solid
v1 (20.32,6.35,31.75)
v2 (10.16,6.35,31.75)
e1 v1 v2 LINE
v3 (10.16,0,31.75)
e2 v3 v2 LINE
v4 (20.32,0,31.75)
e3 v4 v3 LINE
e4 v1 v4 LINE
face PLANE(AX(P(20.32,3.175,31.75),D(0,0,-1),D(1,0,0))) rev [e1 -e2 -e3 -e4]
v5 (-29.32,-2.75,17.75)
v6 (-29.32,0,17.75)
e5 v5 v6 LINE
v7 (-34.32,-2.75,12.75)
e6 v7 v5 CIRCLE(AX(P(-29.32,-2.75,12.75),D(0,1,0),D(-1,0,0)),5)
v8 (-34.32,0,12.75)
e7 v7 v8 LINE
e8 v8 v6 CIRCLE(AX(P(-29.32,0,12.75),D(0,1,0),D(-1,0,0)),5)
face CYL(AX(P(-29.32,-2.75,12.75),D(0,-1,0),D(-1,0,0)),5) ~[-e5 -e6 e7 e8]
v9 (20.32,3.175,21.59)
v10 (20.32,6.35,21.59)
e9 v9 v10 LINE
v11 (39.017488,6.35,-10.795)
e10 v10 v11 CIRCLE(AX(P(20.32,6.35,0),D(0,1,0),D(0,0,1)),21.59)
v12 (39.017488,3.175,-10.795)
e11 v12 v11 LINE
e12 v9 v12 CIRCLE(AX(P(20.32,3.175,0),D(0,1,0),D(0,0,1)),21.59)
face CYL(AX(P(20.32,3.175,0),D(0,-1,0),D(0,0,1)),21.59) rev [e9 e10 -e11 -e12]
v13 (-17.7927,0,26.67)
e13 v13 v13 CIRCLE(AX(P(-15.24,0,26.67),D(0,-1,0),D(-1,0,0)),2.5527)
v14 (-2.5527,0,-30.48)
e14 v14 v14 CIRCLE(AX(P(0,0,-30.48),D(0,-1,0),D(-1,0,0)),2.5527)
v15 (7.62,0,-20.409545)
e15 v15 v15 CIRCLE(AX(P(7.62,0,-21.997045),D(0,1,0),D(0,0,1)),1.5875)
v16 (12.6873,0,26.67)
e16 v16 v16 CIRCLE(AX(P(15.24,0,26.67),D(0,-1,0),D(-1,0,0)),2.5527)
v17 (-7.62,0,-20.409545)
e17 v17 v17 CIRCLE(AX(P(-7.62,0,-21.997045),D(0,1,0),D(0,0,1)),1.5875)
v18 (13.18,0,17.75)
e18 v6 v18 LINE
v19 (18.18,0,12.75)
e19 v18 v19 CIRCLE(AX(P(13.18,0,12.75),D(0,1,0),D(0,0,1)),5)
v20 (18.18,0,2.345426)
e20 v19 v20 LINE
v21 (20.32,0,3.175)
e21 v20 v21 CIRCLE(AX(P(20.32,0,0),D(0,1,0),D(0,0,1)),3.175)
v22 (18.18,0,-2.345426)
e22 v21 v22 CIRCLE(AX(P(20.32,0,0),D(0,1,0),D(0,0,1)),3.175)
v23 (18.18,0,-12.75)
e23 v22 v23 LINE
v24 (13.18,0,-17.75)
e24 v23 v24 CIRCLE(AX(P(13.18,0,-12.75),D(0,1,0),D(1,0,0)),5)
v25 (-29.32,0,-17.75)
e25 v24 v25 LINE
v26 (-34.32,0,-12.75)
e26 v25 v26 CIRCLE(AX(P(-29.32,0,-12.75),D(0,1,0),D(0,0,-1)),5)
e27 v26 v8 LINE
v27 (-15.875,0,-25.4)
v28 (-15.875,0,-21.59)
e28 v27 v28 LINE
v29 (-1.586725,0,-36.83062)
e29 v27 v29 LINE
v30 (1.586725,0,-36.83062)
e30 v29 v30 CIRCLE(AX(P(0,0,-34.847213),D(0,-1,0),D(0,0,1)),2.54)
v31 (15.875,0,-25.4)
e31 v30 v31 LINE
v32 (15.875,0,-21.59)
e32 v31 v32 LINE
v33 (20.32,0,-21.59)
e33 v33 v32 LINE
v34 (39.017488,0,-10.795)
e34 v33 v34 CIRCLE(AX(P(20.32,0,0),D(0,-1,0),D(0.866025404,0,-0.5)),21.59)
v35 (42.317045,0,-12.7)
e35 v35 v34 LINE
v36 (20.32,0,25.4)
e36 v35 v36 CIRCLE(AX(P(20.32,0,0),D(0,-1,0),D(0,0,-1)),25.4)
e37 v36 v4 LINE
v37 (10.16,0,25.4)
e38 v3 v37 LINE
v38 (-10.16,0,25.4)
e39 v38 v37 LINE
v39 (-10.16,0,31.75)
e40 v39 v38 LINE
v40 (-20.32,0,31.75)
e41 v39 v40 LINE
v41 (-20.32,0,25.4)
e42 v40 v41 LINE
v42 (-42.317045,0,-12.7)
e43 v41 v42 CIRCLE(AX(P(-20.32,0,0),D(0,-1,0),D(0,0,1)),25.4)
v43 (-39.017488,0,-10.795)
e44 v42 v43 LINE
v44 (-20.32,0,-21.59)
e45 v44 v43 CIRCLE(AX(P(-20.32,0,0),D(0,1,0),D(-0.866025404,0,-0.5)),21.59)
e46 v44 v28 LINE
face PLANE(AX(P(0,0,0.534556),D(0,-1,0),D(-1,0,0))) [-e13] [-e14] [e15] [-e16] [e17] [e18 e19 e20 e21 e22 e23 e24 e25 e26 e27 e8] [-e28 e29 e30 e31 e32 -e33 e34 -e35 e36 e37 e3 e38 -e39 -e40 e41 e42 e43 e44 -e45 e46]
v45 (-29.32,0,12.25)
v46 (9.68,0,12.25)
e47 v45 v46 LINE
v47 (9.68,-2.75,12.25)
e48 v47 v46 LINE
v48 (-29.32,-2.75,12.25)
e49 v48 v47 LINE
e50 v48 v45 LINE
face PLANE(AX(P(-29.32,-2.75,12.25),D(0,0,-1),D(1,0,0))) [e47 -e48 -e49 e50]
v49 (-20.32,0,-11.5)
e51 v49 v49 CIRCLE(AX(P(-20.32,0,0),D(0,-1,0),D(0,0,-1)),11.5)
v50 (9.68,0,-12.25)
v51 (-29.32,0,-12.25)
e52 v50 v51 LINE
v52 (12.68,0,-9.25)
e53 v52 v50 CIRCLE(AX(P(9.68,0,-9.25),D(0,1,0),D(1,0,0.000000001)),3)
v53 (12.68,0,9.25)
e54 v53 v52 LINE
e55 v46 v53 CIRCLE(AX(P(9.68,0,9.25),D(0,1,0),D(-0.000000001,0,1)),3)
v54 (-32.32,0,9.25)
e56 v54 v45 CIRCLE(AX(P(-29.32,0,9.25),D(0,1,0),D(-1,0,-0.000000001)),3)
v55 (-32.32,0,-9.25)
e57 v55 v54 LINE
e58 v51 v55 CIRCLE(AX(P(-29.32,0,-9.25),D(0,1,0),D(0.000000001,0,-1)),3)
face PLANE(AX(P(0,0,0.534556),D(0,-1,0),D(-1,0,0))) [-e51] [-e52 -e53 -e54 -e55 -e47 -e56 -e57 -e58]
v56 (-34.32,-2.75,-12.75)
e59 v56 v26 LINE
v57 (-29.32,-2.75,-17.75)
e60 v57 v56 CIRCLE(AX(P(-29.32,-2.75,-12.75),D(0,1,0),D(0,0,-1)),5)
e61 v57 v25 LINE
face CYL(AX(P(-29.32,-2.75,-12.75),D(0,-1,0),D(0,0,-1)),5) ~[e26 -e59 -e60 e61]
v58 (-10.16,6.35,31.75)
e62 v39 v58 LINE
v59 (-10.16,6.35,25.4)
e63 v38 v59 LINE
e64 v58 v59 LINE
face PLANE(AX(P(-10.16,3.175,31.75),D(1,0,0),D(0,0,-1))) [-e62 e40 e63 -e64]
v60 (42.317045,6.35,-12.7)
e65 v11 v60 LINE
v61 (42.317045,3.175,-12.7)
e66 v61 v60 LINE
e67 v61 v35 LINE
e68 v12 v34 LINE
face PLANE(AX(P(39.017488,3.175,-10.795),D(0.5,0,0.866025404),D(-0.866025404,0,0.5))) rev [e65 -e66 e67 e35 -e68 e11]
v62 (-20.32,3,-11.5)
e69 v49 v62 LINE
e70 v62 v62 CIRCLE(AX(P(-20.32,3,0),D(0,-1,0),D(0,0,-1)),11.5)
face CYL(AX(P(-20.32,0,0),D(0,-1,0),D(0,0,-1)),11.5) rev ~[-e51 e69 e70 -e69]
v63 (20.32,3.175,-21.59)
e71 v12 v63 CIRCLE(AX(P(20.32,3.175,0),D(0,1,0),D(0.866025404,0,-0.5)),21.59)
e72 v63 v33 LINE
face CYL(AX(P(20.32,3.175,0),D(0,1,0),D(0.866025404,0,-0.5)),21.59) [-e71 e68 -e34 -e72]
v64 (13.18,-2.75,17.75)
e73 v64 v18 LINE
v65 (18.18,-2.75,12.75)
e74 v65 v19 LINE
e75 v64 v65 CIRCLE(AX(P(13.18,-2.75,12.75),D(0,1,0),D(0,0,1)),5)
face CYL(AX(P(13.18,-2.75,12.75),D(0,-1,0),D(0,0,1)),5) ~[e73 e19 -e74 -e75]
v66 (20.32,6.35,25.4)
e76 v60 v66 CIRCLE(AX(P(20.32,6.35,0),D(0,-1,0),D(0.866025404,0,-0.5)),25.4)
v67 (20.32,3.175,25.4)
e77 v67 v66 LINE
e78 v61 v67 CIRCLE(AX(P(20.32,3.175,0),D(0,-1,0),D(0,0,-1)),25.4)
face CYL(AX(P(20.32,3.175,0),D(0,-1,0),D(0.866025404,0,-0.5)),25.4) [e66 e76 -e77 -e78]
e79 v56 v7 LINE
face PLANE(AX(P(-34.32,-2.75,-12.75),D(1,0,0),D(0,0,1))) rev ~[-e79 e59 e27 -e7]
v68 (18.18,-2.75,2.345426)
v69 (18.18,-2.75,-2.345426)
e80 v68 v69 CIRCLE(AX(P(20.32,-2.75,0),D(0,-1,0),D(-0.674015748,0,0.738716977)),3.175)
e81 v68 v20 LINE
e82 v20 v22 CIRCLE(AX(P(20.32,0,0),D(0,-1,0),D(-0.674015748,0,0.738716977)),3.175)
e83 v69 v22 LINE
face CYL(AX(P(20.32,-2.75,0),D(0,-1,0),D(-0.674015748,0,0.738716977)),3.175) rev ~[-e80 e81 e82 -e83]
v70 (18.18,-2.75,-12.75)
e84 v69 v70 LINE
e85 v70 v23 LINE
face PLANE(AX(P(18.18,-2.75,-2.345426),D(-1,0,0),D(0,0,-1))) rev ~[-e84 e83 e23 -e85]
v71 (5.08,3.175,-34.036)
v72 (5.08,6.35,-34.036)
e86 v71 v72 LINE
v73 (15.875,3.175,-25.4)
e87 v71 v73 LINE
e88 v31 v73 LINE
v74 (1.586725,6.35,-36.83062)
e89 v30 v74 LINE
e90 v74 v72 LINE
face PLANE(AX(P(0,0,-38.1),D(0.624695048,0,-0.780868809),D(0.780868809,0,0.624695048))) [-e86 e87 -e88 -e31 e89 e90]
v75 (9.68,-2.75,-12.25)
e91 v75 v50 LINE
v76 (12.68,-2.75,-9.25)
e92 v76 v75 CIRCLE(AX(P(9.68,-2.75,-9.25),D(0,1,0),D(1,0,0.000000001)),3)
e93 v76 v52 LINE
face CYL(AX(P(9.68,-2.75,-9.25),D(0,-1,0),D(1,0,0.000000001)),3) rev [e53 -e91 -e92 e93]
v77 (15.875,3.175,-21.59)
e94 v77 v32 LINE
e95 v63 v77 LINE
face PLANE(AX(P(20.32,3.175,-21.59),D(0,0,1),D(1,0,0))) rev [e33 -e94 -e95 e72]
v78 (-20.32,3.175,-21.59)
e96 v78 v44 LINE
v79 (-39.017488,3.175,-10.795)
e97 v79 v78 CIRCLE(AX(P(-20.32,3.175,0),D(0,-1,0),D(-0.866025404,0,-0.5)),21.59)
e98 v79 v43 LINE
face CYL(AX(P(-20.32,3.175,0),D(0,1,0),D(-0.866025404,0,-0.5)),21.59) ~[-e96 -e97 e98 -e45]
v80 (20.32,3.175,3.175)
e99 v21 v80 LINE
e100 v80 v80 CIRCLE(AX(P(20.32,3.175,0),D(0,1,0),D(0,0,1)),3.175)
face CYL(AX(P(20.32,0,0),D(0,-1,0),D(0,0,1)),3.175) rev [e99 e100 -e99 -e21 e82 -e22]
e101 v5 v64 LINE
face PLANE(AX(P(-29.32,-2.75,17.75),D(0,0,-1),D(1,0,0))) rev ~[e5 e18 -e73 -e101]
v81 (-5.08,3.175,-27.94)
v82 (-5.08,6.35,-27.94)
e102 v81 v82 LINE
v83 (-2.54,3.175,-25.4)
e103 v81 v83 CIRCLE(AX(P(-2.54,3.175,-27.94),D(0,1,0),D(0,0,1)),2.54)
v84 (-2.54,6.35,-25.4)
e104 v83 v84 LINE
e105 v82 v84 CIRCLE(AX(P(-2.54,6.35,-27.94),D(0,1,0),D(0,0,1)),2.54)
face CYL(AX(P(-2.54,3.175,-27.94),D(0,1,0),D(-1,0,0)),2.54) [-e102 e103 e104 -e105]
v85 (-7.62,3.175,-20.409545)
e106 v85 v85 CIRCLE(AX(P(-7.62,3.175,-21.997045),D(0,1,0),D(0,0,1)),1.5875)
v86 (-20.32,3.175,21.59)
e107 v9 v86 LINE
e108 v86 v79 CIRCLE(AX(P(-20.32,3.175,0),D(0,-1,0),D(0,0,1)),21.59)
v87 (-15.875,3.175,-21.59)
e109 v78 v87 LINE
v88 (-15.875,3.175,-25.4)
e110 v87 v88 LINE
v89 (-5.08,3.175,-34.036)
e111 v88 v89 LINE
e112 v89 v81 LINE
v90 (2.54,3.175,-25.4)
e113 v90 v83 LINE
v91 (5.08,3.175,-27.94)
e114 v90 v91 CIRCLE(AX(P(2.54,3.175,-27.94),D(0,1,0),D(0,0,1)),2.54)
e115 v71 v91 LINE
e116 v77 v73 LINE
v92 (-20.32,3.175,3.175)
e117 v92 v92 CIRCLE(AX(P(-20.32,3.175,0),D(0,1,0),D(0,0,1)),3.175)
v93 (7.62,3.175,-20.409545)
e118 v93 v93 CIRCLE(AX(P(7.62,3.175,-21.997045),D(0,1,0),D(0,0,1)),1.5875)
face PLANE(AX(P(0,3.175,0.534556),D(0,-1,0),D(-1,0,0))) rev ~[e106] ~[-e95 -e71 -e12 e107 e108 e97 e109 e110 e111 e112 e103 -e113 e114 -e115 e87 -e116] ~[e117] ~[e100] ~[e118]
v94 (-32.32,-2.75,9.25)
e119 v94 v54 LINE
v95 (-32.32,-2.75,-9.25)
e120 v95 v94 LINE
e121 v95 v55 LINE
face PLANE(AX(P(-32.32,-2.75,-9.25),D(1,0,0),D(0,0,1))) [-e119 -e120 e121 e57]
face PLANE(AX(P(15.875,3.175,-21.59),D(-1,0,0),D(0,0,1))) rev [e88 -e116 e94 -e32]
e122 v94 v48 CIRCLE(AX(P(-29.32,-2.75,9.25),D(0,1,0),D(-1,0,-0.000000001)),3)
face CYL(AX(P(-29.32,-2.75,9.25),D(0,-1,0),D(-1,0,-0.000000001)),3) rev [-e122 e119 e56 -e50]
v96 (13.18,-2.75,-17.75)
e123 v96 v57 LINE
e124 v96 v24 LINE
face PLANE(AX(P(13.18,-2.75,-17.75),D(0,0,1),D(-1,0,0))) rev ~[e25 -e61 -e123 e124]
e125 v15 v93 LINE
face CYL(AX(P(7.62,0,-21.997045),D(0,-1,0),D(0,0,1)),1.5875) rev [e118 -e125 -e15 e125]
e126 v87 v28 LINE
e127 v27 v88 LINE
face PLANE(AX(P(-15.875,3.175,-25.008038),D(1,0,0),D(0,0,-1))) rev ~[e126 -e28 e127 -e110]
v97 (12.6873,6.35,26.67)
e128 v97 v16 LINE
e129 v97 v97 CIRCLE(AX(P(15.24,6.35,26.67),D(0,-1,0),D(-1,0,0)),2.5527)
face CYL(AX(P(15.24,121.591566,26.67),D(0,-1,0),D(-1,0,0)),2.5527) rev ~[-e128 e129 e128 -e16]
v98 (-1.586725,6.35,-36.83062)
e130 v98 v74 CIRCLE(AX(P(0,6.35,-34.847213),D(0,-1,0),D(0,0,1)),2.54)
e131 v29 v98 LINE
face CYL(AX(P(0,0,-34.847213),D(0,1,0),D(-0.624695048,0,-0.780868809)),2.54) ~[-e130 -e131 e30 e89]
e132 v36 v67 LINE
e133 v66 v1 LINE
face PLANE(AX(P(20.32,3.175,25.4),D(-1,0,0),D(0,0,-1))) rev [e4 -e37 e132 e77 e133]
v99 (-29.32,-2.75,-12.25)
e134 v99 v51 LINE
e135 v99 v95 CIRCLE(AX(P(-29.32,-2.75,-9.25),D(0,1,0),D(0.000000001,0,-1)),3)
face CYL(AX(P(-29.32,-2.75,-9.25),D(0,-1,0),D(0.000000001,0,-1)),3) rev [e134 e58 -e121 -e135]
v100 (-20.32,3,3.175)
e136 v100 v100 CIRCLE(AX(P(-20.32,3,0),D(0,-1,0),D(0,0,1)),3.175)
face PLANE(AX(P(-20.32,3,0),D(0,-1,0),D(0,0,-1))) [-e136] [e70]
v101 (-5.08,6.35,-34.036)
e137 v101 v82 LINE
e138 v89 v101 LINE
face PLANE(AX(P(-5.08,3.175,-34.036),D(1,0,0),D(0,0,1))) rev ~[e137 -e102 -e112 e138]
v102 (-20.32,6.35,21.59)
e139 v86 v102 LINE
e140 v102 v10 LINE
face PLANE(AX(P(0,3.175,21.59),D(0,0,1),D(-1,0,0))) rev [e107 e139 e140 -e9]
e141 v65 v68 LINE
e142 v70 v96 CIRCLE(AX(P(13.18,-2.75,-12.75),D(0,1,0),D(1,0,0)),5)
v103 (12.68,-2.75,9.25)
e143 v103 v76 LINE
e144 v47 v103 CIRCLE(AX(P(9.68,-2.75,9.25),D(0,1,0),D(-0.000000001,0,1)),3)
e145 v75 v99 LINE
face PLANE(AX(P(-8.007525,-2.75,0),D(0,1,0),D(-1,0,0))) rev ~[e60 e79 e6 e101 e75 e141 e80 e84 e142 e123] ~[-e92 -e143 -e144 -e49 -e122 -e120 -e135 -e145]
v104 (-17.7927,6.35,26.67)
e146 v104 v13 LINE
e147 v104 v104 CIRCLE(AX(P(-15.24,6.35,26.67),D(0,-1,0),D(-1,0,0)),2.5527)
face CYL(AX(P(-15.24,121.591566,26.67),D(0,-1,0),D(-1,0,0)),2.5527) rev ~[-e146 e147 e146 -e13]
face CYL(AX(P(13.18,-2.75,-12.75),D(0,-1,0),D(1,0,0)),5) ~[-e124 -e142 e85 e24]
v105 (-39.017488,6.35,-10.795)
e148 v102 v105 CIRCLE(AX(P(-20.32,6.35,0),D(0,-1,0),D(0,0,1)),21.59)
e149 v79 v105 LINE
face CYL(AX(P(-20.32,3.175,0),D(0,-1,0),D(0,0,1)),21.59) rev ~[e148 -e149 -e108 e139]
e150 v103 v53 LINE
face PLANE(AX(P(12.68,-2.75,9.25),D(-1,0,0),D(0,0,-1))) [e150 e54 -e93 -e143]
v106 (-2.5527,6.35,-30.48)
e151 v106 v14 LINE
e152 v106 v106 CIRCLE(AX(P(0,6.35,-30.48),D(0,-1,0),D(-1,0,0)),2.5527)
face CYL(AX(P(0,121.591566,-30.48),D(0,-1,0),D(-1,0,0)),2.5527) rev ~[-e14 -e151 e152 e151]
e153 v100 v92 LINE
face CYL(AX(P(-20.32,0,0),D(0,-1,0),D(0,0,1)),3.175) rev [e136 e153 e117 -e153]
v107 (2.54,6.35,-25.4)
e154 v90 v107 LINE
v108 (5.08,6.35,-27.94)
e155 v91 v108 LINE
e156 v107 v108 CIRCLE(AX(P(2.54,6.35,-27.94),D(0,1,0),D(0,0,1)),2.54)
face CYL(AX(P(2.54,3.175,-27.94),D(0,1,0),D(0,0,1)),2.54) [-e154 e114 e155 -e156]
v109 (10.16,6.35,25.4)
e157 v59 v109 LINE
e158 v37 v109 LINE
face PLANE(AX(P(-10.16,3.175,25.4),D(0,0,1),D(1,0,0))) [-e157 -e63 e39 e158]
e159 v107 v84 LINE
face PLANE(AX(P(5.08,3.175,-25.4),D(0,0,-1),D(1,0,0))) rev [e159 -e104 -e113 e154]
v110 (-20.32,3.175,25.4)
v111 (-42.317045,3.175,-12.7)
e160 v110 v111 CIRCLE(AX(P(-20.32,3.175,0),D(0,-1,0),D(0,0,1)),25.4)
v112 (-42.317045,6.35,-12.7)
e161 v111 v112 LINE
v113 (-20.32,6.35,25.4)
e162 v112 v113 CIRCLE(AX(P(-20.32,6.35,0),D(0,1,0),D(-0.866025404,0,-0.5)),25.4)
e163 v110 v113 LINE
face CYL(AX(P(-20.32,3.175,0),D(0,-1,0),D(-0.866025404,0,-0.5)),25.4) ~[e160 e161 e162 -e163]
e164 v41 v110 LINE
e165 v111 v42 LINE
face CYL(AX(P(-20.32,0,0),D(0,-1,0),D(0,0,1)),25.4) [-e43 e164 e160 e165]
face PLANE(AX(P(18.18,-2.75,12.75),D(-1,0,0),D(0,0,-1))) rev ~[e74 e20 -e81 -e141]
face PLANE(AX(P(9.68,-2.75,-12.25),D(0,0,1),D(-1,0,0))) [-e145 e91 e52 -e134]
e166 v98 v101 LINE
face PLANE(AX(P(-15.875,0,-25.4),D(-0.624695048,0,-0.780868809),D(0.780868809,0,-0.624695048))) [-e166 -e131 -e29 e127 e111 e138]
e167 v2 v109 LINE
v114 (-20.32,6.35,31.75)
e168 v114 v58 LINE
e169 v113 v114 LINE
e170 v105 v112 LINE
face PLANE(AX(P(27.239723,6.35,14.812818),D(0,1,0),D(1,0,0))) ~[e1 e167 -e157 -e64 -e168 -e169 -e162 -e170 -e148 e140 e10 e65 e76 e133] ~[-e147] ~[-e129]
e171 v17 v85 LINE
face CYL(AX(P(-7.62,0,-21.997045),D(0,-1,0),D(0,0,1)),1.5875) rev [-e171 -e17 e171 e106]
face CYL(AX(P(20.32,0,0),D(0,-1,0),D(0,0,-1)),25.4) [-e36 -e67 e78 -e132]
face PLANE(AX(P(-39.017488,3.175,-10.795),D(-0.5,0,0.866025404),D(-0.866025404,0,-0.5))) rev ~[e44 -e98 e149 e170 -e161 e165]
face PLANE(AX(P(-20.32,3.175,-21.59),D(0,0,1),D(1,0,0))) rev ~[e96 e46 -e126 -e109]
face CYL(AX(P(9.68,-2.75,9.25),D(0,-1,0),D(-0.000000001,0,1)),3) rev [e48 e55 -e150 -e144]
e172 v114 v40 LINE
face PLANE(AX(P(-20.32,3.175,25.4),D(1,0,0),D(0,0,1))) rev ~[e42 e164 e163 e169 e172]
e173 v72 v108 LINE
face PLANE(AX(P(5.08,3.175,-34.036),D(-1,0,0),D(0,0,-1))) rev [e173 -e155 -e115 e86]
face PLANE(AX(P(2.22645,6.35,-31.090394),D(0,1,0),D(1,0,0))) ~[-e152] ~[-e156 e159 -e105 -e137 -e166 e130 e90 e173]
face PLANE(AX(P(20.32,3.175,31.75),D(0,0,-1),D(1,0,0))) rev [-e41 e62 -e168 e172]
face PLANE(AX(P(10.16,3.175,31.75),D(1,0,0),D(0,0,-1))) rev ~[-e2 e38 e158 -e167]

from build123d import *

# Parameters (mm, degrees)
SKETCH1_R                    = 3.175
SKETCH1_R_2                  = 1.5875
BOSS_EXTRUDE1_DEPTH          = 3.175
CUT_EXTRUDE1_REACH           = 61.599
BOSS_EXTRUDE2_DEPTH          = 3.175
TAP_DRILL_FOR_10_HELICOIL2_D = 5.1054
FILLET1_R                    = 2.54
CUT_EXTRUDE2_REACH           = 61.146
SKETCH20_W                   = 20.32
SKETCH20_H                   = 6.35
SKETCH22_R                   = 11.5
CUT_EXTRUDE3_DEPTH           = 3
BOSS_EXTRUDE4_START          = 2.75
BOSS_EXTRUDE4_DEPTH          = 2.75


with BuildPart() as part:
    # Sketch1 → Boss-Extrude1 (new body)
    with BuildSketch(Plane(origin=(0, 0, 0), x_dir=(1, 0, 0), z_dir=(0, 1, 0))):
        with BuildLine():
            Line((-20.32, 25.4), (-15.875, 25.4))
            Line((-15.875, 25.4), (0, 38.1))
            Line((0, 38.1), (15.875, 25.4))
            Line((15.875, 25.4), (20.32, 25.4))
            ThreePointArc((20.32, 25.4), (45.72, 0), (20.32, -25.4))
            Line((20.32, -25.4), (20.32, -31.75))
            Line((20.32, -31.75), (-20.32, -31.75))
            Line((-20.32, -31.75), (-20.32, -25.4))
            ThreePointArc((-20.32, -25.4), (-45.72, 0), (-20.32, 25.4))
        make_face()
        with Locations(Location((20.32, 0, 0), (0, 0, 270))):
            Circle(SKETCH1_R, mode=Mode.SUBTRACT)
        with Locations(Location((7.62, 21.997045256, 0), (0, 0, 270))):
            Circle(SKETCH1_R_2, mode=Mode.SUBTRACT)
        with Locations(Location((-20.32, 0, 0), (0, 0, 270))):
            Circle(SKETCH1_R, mode=Mode.SUBTRACT)
        with Locations(Location((-7.62, 21.997045256, 0), (0, 0, 270))):
            Circle(SKETCH1_R_2, mode=Mode.SUBTRACT)
    extrude(amount=BOSS_EXTRUDE1_DEPTH)

    # Sketch7 → Cut-Extrude1 (cut, up to next)
    with BuildSketch(Plane(origin=(0, 3.175, 0), x_dir=(1, 0, 0), z_dir=(0, 1, 0)), mode=Mode.PRIVATE) as cut_extrude1_sk1:
        with BuildLine():
            Line((-42.317045256, 12.7), (-39.017488468, 10.795))
            ThreePointArc((-39.017488468, 10.795), (-31.115, 18.697488468), (-20.32, 21.59))
            Line((-20.32, 21.59), (-15.875, 21.59))
            Line((-15.875, 21.59), (-15.875, 25.008038208))
            ThreePointArc((-15.875, 25.008038208), (-18.088875897, 25.301819801), (-20.32, 25.4))
            ThreePointArc((-20.32, 25.4), (-33.02, 21.997045256), (-42.317045256, 12.7))
        make_face()
    cut_extrude1_tool1 = extrude(cut_extrude1_sk1.sketch, amount=-CUT_EXTRUDE1_REACH, mode=Mode.PRIVATE) & part.part
    # Sketch7 → Cut-Extrude1 (cut, up to next)
    with BuildSketch(Plane(origin=(0, 3.175, 0), x_dir=(1, 0, 0), z_dir=(0, 1, 0)), mode=Mode.PRIVATE) as cut_extrude1_sk2:
        with BuildLine():
            Line((-15.875, 25.4), (-20.32, 25.4))
            ThreePointArc((-20.32, 25.4), (-18.088875897, 25.301819801), (-15.875, 25.008038208))
            Line((-15.875, 25.008038208), (-15.875, 25.4))
        make_face()
    cut_extrude1_tool2 = extrude(cut_extrude1_sk2.sketch, amount=-CUT_EXTRUDE1_REACH, mode=Mode.PRIVATE) & part.part
    cut_extrude1_1 = cut_extrude1_tool1.solids().sort_by_distance((-29.568041, 3.175, -20.060943))[0]
    add(cut_extrude1_1, mode=Mode.SUBTRACT)
    cut_extrude1_2 = cut_extrude1_tool2.solids().sort_by_distance((-16.984528, 3.175, -25.282569))[0]
    add(cut_extrude1_2, mode=Mode.SUBTRACT)
    cut_extrude1 = cut_extrude1_1 + cut_extrude1_2  # Cut-Extrude1 as one shape, for the pattern or mirror that repeats it

    # Sketch9 → Boss-Extrude2 (add)
    with BuildSketch(Plane(origin=(0, 3.175, 0), x_dir=(1, 0, 0), z_dir=(0, 1, 0))):
        with BuildLine():
            ThreePointArc((-20.32, -21.59), (-39.017488468, -10.795), (-39.017488468, 10.795))
            Line((-39.017488468, 10.795), (-42.317045256, 12.7))
            ThreePointArc((-42.317045256, 12.7), (-42.317045256, -12.7), (-20.32, -25.4))
            Line((-20.32, -25.4), (-20.32, -31.75))
            Line((-20.32, -31.75), (-10.16, -31.75))
            Line((-10.16, -31.75), (-10.16, -25.4))
            Line((-10.16, -25.4), (0, -25.4))
            Line((0, -25.4), (0, -21.59))
            Line((0, -21.59), (-20.32, -21.59))
        make_face()
        Polygon((0, 25.4), (0, 38.1), (-5.08, 34.036), (-5.08, 25.4), align=None)
    boss_extrude2 = extrude(amount=BOSS_EXTRUDE2_DEPTH)

    # Mirror1: Cut-Extrude1, Boss-Extrude2 across plane
    add(cut_extrude1.mirror(Plane(origin=(0, 0, 0), x_dir=(0, 0, 1), z_dir=(1, 0, 0))), mode=Mode.SUBTRACT)
    add(boss_extrude2.mirror(Plane(origin=(0, 0, 0), x_dir=(0, 0, 1), z_dir=(1, 0, 0))))

    # Tap Drill for #10 Helicoil2 (through all)
    with Locations(Plane(origin=(0, 6.35, 0), x_dir=(1, 0, 0), z_dir=(0, 1, 0))):
        with Locations((-15.24, -26.67), (15.24, -26.67), (0, 30.48)):
            Hole(TAP_DRILL_FOR_10_HELICOIL2_D / 2)

    # Fillet1
    fillet1_edges = [part.edges().sort_by_distance(p)[0] for p in [
        (5.08, 4.7625, -25.4),
        (0, 3.175, -38.1),
        (-5.08, 4.7625, -25.4),
    ]]
    fillet(fillet1_edges, radius=FILLET1_R)

    # Sketch20 → Cut-Extrude2 (cut, up to next)
    with BuildSketch(Plane(origin=(0, 3.175, 0), x_dir=(1, 0, 0), z_dir=(0, 1, 0)), mode=Mode.PRIVATE) as cut_extrude2_sk1:
        with Locations((0, -28.575)):
            Rectangle(SKETCH20_W, SKETCH20_H)
    cut_extrude2_tool1 = extrude(cut_extrude2_sk1.sketch, amount=-CUT_EXTRUDE2_REACH, mode=Mode.PRIVATE) & part.part
    add(cut_extrude2_tool1.solids().sort_by_distance((0, 3.175, 28.575))[0], mode=Mode.SUBTRACT)

    # Sketch22 → Cut-Extrude3 (cut)
    with BuildSketch(Plane.XZ):
        with Locations(Location((-20.32, 0, 0), (0, 0, 270))):
            Circle(SKETCH22_R)
    extrude(amount=-CUT_EXTRUDE3_DEPTH, mode=Mode.SUBTRACT)

    # Sketch23 → Boss-Extrude4 (add)
    with BuildSketch(Plane.XZ.offset(BOSS_EXTRUDE4_START)):
        with BuildLine():
            Line((18.18, -2.3454264), (18.18, -12.75))
            ThreePointArc((18.18, -12.75), (16.715533906, -16.285533906), (13.18, -17.75))
            Line((13.18, -17.75), (-29.32, -17.75))
            ThreePointArc((-29.32, -17.75), (-32.855533906, -16.285533906), (-34.32, -12.75))
            Line((-34.32, -12.75), (-34.32, 12.75))
            ThreePointArc((-34.32, 12.75), (-32.855533906, 16.285533906), (-29.32, 17.75))
            Line((-29.32, 17.75), (13.18, 17.75))
            ThreePointArc((13.18, 17.75), (16.715533906, 16.285533906), (18.18, 12.75))
            Line((18.18, 12.75), (18.18, 2.3454264))
            ThreePointArc((18.18, 2.3454264), (17.145, 0), (18.18, -2.3454264))
        make_face()
        with BuildLine():
            Line((-29.32, 12.25), (9.68, 12.25))
            ThreePointArc((9.68, 12.25), (11.801320344, 11.371320344), (12.68, 9.25))
            Line((12.68, 9.25), (12.68, -9.25))
            ThreePointArc((12.68, -9.25), (11.801320344, -11.371320344), (9.68, -12.25))
            Line((9.68, -12.25), (-29.32, -12.25))
            ThreePointArc((-29.32, -12.25), (-31.441320344, -11.371320344), (-32.32, -9.25))
            Line((-32.32, -9.25), (-32.32, 9.25))
            ThreePointArc((-32.32, 9.25), (-31.441320344, 11.371320344), (-29.32, 12.25))
        make_face(mode=Mode.SUBTRACT)
    extrude(amount=-BOSS_EXTRUDE4_DEPTH)


solid = part.part
